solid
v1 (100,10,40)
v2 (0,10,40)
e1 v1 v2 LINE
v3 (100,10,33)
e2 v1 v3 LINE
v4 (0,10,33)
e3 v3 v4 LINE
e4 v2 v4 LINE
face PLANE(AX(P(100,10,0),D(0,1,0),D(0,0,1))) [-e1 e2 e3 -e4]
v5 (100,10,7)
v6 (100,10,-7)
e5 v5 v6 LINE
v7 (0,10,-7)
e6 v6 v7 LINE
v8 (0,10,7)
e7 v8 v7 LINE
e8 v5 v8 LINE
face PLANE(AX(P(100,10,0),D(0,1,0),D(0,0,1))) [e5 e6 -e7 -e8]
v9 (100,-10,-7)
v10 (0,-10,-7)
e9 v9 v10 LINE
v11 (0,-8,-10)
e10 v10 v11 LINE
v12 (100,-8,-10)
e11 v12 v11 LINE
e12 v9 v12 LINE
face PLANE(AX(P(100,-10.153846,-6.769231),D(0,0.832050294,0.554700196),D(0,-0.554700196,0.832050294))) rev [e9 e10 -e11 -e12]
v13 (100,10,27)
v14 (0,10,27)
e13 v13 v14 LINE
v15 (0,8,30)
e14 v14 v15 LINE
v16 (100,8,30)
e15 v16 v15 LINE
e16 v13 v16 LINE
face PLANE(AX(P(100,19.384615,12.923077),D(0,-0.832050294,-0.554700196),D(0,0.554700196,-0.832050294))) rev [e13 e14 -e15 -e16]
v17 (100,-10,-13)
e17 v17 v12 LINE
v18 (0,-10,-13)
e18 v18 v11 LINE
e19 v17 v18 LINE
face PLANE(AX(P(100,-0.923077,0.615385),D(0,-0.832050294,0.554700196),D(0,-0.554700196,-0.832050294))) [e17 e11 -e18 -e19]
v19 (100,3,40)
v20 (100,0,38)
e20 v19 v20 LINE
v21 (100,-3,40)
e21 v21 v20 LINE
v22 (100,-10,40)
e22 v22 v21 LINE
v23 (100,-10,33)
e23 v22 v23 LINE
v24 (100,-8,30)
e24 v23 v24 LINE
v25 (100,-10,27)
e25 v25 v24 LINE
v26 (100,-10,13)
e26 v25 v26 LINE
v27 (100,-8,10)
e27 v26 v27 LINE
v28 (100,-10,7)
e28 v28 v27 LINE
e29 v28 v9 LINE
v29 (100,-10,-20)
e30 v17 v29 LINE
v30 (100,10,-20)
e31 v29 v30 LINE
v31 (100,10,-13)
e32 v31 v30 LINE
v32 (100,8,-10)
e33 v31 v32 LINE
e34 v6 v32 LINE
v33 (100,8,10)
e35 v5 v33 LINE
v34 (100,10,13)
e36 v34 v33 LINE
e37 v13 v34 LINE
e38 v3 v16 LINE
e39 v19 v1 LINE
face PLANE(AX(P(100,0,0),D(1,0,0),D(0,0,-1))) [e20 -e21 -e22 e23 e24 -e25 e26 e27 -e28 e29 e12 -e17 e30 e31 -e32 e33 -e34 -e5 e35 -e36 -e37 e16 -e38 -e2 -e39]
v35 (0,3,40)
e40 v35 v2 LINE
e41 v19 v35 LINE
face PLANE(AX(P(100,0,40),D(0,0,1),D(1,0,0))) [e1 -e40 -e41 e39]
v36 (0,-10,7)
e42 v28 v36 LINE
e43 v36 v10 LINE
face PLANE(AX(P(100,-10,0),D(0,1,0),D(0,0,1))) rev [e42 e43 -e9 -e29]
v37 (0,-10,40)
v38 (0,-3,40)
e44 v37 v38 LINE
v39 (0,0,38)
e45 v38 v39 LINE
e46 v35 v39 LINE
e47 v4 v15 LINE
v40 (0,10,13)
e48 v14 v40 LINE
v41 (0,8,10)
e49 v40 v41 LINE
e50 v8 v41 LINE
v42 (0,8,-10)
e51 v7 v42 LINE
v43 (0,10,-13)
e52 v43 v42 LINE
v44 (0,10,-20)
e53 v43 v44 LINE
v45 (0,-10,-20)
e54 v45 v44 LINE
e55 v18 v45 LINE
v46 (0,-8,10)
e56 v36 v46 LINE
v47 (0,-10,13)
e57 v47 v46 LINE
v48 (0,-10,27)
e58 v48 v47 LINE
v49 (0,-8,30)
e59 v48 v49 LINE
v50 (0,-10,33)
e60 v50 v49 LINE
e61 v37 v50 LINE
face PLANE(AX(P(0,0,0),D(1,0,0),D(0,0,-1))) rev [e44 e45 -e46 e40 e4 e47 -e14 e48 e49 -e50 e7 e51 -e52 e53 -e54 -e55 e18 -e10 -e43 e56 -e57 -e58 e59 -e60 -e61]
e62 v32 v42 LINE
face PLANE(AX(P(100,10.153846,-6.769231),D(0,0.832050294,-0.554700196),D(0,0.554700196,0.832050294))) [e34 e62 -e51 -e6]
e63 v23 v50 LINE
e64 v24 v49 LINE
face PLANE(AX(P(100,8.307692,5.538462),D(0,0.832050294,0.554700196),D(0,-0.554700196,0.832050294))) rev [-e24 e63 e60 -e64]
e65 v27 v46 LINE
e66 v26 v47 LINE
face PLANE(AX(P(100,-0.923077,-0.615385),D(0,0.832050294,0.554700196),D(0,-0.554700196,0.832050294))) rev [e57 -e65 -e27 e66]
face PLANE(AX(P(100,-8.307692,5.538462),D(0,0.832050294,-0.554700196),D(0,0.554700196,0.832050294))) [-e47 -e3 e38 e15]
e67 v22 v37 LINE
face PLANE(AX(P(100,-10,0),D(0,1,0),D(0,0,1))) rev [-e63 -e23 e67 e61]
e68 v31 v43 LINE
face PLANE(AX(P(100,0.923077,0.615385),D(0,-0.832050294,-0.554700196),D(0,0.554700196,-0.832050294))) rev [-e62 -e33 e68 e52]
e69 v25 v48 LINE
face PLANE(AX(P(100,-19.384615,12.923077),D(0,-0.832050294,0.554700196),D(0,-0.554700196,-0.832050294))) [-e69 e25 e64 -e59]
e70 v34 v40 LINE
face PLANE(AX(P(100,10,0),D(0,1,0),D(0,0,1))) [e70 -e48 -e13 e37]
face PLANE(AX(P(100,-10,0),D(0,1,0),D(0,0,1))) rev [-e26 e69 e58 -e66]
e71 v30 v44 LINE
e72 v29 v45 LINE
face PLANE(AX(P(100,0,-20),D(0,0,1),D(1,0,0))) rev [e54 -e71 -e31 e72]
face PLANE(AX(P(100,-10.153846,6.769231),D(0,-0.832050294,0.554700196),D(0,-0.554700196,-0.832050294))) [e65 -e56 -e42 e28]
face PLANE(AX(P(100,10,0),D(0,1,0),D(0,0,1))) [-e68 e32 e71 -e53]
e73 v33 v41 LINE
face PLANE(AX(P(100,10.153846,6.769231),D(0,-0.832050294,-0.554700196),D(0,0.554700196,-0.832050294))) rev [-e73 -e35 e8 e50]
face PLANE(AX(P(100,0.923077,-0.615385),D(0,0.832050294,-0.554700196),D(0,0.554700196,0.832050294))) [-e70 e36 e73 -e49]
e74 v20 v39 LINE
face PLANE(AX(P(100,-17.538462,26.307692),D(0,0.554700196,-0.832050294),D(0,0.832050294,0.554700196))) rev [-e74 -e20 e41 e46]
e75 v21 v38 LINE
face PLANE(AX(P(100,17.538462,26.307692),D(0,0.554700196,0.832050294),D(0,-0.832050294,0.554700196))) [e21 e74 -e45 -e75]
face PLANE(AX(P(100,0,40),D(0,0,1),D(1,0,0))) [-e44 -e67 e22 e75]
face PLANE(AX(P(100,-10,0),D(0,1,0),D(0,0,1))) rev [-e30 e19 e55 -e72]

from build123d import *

# Parameters (mm, degrees)
AUFSATZ_LINEAR_AUSTRAGEN1_DEPTH = 100


with BuildPart() as part:
    # Skizze1 → Aufsatz-Linear austragen1 (new body)
    with BuildSketch(Plane(origin=(0, 0, 0), x_dir=(0, 0, -1), z_dir=(1, 0, 0))):
        Polygon((-40, -3), (-40, -10), (-33, -10), (-30, -8), (-27, -10), (-13, -10), (-10, -8), (-7, -10), (7, -10), (10, -8), (13, -10), (20, -10), (20, 10), (13, 10), (10, 8), (7, 10), (-7, 10), (-10, 8), (-13, 10), (-27, 10), (-30, 8), (-33, 10), (-40, 10), (-40, 3), (-38, 0), align=None)
    extrude(amount=AUFSATZ_LINEAR_AUSTRAGEN1_DEPTH)


solid = part.part
